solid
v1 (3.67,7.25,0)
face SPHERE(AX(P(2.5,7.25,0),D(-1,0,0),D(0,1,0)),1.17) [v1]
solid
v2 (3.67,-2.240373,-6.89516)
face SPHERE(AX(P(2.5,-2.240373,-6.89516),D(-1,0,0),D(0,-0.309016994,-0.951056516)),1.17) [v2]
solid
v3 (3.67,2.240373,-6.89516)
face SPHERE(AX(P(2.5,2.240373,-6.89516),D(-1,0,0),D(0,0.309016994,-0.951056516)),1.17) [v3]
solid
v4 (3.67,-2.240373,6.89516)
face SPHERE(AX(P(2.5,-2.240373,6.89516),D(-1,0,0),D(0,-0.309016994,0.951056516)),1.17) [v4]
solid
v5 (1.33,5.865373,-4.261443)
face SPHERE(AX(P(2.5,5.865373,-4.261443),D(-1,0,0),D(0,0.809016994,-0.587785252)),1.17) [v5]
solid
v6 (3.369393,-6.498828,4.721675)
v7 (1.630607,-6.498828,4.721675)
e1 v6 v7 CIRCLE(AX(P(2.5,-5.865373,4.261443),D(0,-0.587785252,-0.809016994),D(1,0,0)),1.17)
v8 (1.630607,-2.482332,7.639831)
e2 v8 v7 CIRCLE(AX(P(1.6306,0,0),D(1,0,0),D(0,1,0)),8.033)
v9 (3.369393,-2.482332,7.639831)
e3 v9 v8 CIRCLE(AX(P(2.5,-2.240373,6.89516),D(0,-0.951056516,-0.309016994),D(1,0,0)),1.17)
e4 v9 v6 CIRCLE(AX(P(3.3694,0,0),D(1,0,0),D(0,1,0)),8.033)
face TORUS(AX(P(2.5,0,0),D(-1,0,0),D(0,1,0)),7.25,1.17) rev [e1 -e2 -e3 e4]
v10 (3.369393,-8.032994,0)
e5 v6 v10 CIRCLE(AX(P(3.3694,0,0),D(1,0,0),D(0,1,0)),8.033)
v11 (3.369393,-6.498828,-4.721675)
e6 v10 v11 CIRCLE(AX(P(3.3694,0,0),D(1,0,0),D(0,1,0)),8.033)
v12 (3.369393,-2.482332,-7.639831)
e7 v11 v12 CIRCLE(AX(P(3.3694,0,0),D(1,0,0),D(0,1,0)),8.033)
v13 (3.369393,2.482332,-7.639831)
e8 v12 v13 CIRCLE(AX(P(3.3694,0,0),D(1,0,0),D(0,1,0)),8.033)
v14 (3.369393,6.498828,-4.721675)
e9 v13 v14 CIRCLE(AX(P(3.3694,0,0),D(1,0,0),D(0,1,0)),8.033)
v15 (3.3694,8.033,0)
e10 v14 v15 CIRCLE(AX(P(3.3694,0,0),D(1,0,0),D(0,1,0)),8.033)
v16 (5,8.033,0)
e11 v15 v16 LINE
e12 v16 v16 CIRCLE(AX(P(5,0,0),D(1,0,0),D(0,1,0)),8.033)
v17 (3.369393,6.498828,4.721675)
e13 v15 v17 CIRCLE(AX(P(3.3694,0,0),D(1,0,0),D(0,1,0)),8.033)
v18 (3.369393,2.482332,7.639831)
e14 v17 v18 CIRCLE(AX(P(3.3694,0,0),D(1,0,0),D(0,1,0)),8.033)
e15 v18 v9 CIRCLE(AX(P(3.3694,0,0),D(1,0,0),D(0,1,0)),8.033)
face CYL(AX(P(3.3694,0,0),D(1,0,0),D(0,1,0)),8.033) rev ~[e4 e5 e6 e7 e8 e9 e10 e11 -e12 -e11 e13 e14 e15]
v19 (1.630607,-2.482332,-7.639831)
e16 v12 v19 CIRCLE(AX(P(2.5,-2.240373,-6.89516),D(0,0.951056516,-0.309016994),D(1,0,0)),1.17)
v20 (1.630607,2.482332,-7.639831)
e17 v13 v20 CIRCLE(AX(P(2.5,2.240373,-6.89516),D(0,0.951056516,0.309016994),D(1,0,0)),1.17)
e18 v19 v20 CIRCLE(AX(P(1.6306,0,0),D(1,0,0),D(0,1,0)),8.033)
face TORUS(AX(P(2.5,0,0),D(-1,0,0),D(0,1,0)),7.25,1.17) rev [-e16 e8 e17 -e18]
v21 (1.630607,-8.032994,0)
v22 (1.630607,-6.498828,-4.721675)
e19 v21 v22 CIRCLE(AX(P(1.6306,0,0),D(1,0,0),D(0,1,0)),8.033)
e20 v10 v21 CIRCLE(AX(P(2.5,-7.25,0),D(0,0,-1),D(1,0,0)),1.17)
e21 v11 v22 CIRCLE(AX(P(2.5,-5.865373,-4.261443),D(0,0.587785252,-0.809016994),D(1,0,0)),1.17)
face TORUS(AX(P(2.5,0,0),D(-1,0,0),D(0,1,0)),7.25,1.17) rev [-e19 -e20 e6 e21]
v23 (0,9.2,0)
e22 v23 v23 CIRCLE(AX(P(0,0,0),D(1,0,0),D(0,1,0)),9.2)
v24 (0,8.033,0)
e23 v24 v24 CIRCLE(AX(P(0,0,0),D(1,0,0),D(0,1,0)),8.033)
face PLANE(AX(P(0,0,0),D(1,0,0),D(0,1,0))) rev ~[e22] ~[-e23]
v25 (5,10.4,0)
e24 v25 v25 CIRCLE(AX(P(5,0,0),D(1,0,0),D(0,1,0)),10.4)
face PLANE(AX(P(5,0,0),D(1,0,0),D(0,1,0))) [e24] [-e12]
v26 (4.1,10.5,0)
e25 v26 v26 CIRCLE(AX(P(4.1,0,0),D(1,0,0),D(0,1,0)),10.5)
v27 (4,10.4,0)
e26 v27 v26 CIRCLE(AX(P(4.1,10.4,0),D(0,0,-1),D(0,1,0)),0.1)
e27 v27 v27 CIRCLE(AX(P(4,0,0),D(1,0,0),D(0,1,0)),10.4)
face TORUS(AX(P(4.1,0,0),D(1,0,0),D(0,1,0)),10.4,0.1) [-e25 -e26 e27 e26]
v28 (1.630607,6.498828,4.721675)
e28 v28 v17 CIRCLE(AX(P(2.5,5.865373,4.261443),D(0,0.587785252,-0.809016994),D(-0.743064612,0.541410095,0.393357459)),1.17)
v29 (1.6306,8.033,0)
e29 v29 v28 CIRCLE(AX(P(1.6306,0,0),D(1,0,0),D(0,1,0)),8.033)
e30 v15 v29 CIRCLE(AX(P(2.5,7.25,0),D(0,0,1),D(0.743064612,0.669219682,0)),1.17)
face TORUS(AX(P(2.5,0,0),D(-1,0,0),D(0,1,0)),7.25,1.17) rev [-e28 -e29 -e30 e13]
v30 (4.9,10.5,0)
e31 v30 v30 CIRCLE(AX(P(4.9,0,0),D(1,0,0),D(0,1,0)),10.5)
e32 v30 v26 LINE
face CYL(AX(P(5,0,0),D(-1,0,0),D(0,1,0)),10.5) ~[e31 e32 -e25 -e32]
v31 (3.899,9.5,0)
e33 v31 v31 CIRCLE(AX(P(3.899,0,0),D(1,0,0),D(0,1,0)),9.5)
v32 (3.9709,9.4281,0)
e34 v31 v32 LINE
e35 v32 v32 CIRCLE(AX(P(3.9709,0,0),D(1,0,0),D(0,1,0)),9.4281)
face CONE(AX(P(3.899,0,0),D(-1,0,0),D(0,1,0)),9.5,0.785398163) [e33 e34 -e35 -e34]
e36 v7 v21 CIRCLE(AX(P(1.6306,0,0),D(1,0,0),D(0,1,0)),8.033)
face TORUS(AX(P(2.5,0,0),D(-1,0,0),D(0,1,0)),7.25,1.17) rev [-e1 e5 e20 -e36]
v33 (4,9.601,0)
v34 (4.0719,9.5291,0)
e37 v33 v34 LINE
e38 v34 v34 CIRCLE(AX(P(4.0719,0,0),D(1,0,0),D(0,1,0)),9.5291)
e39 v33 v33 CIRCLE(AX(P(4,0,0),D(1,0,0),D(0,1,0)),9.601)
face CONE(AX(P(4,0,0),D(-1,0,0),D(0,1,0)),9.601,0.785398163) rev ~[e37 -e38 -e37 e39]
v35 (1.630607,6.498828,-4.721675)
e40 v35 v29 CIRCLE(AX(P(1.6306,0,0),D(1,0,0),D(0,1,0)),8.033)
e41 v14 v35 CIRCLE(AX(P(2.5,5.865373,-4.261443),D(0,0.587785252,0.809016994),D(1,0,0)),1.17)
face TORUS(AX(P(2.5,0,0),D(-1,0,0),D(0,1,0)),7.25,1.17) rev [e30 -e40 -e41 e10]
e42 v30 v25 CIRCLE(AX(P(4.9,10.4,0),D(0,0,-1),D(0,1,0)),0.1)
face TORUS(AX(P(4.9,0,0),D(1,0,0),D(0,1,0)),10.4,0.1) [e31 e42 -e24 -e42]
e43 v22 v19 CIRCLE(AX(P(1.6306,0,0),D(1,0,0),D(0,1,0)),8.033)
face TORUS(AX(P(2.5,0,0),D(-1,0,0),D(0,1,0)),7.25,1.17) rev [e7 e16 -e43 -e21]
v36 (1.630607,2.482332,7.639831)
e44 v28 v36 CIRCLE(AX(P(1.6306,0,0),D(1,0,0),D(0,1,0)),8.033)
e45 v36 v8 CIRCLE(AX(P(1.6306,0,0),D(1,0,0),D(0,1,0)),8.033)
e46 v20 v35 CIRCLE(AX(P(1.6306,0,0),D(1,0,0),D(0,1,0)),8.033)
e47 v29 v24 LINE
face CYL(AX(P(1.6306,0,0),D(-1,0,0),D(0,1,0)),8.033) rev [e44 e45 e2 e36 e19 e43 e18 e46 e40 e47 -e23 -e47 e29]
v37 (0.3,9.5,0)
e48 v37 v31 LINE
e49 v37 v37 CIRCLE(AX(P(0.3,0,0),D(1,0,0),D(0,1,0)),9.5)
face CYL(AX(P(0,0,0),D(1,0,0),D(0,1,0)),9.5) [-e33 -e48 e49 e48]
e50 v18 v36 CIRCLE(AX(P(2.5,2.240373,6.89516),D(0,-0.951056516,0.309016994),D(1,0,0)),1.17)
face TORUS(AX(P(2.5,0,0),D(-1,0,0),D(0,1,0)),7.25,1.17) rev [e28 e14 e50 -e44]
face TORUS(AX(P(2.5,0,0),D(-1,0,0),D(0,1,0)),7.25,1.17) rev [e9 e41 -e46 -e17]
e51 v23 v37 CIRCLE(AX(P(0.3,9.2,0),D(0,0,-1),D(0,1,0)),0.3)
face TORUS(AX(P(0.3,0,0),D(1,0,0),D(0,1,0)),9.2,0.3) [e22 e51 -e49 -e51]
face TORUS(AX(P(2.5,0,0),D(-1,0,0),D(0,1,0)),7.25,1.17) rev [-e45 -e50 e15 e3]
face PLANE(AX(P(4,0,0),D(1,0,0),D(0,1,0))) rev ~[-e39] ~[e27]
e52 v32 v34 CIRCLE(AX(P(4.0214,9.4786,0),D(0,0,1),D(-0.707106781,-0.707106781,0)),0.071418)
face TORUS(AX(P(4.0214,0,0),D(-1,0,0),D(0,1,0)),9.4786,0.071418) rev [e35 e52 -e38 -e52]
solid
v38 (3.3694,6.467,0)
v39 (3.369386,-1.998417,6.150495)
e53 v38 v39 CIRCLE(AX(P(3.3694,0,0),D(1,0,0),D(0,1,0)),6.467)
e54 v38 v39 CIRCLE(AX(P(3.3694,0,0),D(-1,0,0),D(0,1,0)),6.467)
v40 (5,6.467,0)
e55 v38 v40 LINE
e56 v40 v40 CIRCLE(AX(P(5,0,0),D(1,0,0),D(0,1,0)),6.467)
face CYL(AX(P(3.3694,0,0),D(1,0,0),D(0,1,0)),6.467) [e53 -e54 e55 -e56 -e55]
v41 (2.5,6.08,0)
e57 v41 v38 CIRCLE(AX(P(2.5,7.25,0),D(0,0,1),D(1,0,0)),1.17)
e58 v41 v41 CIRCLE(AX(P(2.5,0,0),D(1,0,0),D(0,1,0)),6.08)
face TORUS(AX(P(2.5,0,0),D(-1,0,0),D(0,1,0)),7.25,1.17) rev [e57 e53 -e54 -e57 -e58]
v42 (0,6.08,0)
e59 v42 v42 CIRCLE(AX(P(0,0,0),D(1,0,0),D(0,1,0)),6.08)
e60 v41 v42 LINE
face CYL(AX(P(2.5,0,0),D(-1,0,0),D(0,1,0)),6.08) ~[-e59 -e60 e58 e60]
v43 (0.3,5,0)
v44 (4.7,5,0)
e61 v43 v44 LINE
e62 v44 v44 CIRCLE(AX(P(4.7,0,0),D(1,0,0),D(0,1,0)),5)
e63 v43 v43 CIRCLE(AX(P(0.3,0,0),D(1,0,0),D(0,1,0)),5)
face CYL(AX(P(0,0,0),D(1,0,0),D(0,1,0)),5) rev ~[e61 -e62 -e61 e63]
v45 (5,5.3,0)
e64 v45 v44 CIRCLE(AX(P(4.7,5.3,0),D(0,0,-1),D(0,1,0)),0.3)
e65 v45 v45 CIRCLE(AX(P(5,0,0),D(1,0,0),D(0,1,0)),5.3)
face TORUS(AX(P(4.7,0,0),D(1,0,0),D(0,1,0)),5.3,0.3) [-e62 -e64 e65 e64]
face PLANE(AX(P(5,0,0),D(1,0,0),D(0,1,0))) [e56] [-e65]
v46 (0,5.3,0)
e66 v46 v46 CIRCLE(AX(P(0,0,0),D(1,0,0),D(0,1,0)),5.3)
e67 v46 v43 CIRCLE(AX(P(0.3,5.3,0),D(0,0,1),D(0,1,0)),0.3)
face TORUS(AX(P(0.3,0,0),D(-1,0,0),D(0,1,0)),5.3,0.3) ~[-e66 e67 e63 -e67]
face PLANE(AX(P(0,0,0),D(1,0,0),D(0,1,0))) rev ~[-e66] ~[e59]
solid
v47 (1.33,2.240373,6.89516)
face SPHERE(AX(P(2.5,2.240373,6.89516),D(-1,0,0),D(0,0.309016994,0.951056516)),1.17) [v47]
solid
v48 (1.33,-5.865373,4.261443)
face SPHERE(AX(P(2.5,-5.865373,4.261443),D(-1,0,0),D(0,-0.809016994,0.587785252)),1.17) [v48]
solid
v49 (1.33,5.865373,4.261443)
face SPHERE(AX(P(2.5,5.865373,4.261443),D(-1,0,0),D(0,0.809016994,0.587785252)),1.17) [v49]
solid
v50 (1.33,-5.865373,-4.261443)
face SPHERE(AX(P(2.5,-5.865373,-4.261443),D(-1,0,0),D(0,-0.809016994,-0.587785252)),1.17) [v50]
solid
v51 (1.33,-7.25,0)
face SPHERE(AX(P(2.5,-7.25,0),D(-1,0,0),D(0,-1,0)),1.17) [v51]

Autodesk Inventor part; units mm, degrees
ref_plane "YZ Plane" through (0, 0, 0) normal (1, 0, 0) x (0, 1, 0)
ref_plane "XZ Plane" through (0, 0, 0) normal (0, 1, 0) x (-1, 0, 0)
ref_plane "XY Plane" through (0, 0, 0) normal (0, 0, 1) x (1, 0, 0)
sketch "Sketch" plane through (0, 0, 0) normal (0, 0, 1) x (1, 0, 0)
  line L0 (-0.7, 0) -> (4.2, 0) projected
  line L1 (0, 5) -> (5, 5)
  line L2 (2.5, 6.08) -> (2.5, 8.42)
  circle A0 centre (2.5, 7.25) radius 1.17
  line L3 (3.67, 7.25) -> (1.33, 7.25)
  line L4 (2.5, 6.08) -> (0, 6.08)
  line L5 (3.3694, 6.467) -> (5, 6.467)
  line L6 (3.5, 6.467) -> (3.5, 6.467)
  line L7 (3.3694, 8.033) -> (5, 8.033)
  line L8 (1.6306, 8.033) -> (0, 8.033)
  line L9 (0, 8.033) -> (0, 8.033)
  line L10 (0, 9.5) -> (3.899, 9.5)
  line L11 (3.5, 8.033) -> (3.5, 8.033)
  line L12 (5, 10.5) -> (4, 10.5)
  line L13 (4, 10.5) -> (4, 9.601)
  line L14 (4, 9.5) -> (4.0214, 9.4786) construction
  line L15 (4, 9.601) -> (4.0719, 9.5291)
  line L16 (3.899, 9.5) -> (3.9709, 9.4281)
  arc A1 (3.9709, 9.4281) -> (4.0719, 9.5291) centre (4.0214, 9.4786) ccw
  line L17 (3.899, 9.5) -> (4, 9.5) construction
  line L18 (4, 9.601) -> (4, 9.5) construction
  line L19 (0, 9.5) -> (0, 8.033)
  line L20 (0, 6.08) -> (0, 5)
  line L21 (5, 10.5) -> (5, 8.033)
  line L22 (5, 6.467) -> (5, 5)
  line L23 (0, 8.8348) -> (0, -0.5088) projected
  dimension "d5" = 2.34
  dimension "d1" = 0.0714
  dimension "d2" = 45
  dimension "d10" = 10
  dimension "d11" = 12.934
  dimension "d12" = 12.934
  dimension "d13" = 14.5
  dimension "d14" = 16.066
  dimension "d15" = 16.066
  dimension "d16" = 19
  dimension "d17" = 21
  dimension "d116" = 5
  dimension "d117" = 1
  dimension "d118" = 2.5
revolve "Body" add sketch "Sketch" angle 360 about axis through (-10, 0, 0) along (1, 0, 0) contours L20 L4 A0 L5 L22 L1 | L19 L10 L16 A1 L15 L13 L12 L21 L7 A0 L8
fillet "Fillet1" radius 0.1 2 edges at (5, -10.5, 0) (4, -10.5, 0)
fillet "Fillet1" radius 0.3 1 edges at (0, -9.5, 0)
fillet "Fillet1" radius 0.3 1 edges at (0, -5, 0)
fillet "Fillet1" radius 0.3 1 edges at (5, -5, 0)
revolve "Ball" add sketch "Sketch" angle 360 about axis through (3.67, 7.25, 0) along (-1, 0, 0) picked at (1.8659, 7.6941) picked at (3.1341, 7.6941) contours L3 A0 L2 | L2 A0 L3
pattern_circular "Balls" count 10 over 360 about axis through (-10, 0, 0) along (1, 0, 0) of "Ball"
equation "\"d5\" = -0.26 * WD + 0.26 * BD"
equation "\"d1\" = R1"
equation "\"d2\" = ANGL"
equation "\"d10\" = WD"
equation "\"d11\" = ND3"
equation "\"d12\" = 0.326 * BD + 0.674 * WD"
equation "\"d13\" = 0.5 * WD + 0.5 * BD"
equation "\"d14\" = ND1"
equation "\"d15\" = ND2"
equation "\"d16\" = BD"
equation "\"d17\" = SD2"
equation "\"d116\" = KB"
equation "\"d117\" = KAB"
equation "\"d118\" = 0.5 * KB"
equation "\"d20\" = KRS"
equation "\"d21\" = KR1S"
equation "\"d22\" = KR2S"
equation "\"d23\" = KR3S"
equation "\"WD\" = 10"
equation "\"BD\" = 19"
equation "\"KB\" = 5"
equation "\"KAB\" = 1"
equation "\"KRS\" = 0.1 * KAB"
equation "\"SD2\" = 21"
equation "\"NBR\" = 0.142857 * KAB"
equation "\"ANGL\" = 45deg"
equation "\"KR1S\" = 0.3"
equation "\"R1\" = 0.0714286 * KAB"
equation "\"NBR1\" = 0"
equation "\"NBR2\" = 0"
equation "\"ND1\" = 0.326 * WD + 0.674 * BD"
equation "\"ND2\" = 0.326 * WD + 0.674 * BD"
equation "\"ND3\" = 0.674 * WD + 0.326 * BD"
equation "\"KR2S\" = KR1S"
equation "\"KR3S\" = KR1S"
equation "\"WR\" = 0.5 * WD"
equation "\"BR\" = 0.5 * BD"
properties part number "Bearing FSN 71800 GB/T 7218-1995" material "Steel, Mild"
